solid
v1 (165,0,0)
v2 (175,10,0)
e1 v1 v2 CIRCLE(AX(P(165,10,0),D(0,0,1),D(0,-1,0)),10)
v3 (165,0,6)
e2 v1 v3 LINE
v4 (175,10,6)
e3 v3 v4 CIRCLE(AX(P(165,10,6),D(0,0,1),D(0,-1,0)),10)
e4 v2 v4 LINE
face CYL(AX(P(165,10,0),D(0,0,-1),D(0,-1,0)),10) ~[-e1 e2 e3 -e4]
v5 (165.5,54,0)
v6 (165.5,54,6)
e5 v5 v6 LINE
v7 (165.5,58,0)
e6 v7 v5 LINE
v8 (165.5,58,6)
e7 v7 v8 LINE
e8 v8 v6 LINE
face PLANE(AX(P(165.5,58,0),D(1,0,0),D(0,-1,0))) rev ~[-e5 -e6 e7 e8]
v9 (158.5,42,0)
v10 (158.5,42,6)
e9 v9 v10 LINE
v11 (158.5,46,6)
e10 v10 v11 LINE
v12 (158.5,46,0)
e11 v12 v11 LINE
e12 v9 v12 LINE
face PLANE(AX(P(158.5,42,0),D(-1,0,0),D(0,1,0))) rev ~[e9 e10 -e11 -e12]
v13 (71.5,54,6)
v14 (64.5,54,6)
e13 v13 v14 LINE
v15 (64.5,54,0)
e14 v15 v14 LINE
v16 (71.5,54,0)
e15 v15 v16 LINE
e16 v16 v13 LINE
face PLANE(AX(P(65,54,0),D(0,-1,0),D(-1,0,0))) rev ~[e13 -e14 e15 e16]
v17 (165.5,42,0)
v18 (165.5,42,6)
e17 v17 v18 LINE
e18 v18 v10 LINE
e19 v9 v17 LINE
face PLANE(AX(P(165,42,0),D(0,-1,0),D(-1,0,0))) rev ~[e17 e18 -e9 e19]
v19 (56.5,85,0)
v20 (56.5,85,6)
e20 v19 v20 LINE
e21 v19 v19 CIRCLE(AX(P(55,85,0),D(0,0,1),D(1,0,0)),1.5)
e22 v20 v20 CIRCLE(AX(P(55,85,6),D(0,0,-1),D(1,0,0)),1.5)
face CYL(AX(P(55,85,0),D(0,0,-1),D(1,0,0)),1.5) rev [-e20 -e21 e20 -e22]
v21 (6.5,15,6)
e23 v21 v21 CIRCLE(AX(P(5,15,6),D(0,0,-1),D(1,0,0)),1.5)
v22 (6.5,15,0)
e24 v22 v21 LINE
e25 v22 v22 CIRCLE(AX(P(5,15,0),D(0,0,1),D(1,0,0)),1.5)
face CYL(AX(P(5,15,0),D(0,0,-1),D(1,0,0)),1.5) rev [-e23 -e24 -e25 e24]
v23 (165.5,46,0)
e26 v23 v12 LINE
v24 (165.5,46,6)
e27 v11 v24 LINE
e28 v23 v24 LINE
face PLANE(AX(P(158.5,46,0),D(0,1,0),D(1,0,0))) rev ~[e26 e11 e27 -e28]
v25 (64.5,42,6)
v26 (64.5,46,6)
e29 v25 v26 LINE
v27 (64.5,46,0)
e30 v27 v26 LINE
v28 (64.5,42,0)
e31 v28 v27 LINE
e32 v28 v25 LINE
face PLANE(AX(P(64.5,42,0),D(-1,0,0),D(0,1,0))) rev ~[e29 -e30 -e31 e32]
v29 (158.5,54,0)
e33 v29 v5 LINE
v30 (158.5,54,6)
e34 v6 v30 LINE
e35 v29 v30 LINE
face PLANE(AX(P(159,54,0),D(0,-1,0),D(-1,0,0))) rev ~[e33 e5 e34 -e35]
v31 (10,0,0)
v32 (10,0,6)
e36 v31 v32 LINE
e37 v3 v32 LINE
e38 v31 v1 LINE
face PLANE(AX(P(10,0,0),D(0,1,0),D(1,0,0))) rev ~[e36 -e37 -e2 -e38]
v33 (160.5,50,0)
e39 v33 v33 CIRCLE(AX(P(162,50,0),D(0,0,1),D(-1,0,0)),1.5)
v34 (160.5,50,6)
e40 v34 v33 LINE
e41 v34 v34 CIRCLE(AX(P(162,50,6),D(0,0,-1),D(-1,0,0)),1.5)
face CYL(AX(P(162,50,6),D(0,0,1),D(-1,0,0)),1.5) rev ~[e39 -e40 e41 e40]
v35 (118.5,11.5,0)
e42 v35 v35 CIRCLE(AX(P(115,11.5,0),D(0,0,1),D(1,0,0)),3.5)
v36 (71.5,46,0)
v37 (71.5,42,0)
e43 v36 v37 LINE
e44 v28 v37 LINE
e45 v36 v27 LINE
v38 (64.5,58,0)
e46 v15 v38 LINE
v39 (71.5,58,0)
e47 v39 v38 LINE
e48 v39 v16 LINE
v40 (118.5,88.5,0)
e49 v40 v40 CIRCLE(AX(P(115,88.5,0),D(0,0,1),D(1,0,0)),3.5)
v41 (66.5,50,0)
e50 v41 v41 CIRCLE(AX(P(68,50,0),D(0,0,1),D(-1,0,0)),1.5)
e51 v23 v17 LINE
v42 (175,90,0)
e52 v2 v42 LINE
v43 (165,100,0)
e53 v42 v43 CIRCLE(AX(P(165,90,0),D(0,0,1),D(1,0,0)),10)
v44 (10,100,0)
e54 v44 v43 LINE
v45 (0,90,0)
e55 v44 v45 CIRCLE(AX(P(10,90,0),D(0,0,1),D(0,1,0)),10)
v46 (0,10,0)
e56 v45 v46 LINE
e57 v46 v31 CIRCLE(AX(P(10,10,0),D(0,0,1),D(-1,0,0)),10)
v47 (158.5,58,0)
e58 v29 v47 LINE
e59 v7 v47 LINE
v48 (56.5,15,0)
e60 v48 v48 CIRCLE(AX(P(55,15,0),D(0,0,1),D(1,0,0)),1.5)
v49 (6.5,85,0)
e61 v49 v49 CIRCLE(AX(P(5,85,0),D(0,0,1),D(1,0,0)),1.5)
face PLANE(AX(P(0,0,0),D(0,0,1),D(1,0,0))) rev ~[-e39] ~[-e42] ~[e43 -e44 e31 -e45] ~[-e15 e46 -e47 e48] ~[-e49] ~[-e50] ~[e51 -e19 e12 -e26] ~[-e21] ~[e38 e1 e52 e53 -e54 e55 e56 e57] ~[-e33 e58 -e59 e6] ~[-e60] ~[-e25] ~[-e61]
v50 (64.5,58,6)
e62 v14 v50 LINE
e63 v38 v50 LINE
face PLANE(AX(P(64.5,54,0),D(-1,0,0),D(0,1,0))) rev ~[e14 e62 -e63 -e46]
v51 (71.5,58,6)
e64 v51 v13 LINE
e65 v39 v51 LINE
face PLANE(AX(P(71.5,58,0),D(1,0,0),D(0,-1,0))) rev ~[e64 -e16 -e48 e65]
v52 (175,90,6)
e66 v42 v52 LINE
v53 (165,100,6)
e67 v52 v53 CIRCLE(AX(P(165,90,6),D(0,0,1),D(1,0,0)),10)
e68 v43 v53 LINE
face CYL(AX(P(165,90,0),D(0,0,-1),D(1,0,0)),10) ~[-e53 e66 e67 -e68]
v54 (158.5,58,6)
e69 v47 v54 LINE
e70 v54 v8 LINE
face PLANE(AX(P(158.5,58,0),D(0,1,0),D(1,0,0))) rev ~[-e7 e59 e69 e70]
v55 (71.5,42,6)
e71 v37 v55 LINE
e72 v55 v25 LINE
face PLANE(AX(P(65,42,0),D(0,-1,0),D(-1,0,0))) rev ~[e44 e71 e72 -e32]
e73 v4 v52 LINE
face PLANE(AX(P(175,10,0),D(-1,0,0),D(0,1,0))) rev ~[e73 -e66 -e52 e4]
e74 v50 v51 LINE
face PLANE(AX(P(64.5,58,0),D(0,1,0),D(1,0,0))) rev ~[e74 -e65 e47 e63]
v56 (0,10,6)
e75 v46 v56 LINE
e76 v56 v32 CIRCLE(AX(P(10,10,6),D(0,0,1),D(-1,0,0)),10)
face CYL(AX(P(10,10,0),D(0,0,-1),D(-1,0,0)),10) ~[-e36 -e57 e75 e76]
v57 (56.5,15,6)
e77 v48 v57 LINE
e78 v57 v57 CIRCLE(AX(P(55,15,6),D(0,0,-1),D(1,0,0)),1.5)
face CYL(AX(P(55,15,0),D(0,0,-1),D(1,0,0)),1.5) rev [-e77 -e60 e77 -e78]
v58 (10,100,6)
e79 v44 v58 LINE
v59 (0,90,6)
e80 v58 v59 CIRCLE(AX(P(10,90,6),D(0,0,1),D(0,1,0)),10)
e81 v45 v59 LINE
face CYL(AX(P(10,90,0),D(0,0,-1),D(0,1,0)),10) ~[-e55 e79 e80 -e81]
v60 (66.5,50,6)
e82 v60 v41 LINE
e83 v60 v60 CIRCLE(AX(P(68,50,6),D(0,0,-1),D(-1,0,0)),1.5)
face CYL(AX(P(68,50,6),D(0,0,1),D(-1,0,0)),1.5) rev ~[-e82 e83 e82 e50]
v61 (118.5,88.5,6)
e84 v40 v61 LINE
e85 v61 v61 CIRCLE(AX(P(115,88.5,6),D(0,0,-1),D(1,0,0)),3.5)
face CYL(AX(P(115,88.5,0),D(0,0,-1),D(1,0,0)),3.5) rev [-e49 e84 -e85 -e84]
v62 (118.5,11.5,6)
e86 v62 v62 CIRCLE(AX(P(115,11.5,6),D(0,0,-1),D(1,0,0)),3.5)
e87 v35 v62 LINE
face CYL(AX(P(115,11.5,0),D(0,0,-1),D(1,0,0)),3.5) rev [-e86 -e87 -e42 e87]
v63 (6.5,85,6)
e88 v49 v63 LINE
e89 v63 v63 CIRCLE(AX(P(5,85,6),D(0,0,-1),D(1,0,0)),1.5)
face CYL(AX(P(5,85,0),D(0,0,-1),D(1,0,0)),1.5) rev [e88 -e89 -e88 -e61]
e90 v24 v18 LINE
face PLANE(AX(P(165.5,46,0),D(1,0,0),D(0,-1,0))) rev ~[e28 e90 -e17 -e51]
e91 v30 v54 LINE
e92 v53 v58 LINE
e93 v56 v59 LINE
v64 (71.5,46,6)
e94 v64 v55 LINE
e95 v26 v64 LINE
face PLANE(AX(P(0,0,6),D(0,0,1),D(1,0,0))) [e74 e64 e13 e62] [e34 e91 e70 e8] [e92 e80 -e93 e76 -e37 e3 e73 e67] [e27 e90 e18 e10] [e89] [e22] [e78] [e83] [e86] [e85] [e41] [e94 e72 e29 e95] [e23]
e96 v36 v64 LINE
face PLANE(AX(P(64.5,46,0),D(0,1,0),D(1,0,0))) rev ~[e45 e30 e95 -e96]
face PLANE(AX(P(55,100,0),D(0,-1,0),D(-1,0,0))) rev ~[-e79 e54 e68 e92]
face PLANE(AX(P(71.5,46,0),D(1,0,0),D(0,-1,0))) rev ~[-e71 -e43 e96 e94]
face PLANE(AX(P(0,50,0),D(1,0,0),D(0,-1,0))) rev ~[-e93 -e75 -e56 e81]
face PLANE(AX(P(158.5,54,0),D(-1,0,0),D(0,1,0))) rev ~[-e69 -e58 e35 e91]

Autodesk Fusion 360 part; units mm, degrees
sketch "Sketch1" plane through (0, 0, 0) normal (0, 0, 1) x (1, 0, 0)
  line L0 (10, 0) -> (165, 0)
  line L1 (175, 10) -> (175, 90)
  line L2 (165, 100) -> (10, 100)
  line L3 (0, 90) -> (0, 10)
  line L4 (5, 85) -> (55, 85)
  line L5 (55, 85) -> (55, 15)
  line L6 (55, 15) -> (5, 15)
  line L7 (5, 15) -> (5, 85)
  line L8 (5, 50) -> (0, 50)
  circle A0 centre (5, 85) radius 1.5
  circle A1 centre (55, 85) radius 1.5
  circle A2 centre (5, 15) radius 1.5
  circle A3 centre (55, 15) radius 1.5
  line L9 (55, 100) -> (55, 0)
  line L10 (65, 100) -> (65, 0)
  line L11 (165, 0) -> (165, 100)
  line L12 (65, 57.5) -> (71, 57.5)
  line L13 (71, 57.5) -> (71, 42.5)
  line L14 (71, 42.5) -> (65, 42.5)
  line L15 (65, 42.5) -> (65, 57.5)
  line L16 (65, 57.5) -> (71, 57.5)
  line L17 (71, 57.5) -> (71, 54.5)
  line L18 (71, 54.5) -> (65, 54.5)
  line L19 (65, 54.5) -> (65, 57.5)
  line L20 (71, 42.5) -> (65, 42.5)
  line L21 (65, 42.5) -> (65, 45.5)
  line L22 (65, 45.5) -> (71, 45.5)
  line L23 (71, 45.5) -> (71, 42.5)
  line L24 (65, 100) -> (165, 100)
  line L25 (115, 100) -> (115, 0)
  line L26 (159, 57.5) -> (159, 42.5)
  line L27 (159, 54.5) -> (165, 54.5)
  line L28 (165, 57.5) -> (159, 57.5)
  line L29 (165, 45.5) -> (159, 45.5)
  line L30 (159, 42.5) -> (165, 42.5)
  circle A4 centre (115, 88.5) radius 3.5
  circle A5 centre (115, 11.5) radius 3.5
  line L31 (115, 88.5) -> (115, 11.5)
  arc A6 (10, 100) -> (0, 90) centre (10, 90) ccw
  arc A7 (0, 10) -> (10, 0) centre (10, 10) ccw
  arc A8 (175, 90) -> (165, 100) centre (165, 90) ccw
  arc A9 (165, 0) -> (175, 10) centre (165, 10) ccw
  line L32 (64.5, 58) -> (71.5, 58)
  line L33 (71.5, 58) -> (71.5, 54)
  line L34 (71.5, 54) -> (64.5, 54)
  line L35 (64.5, 54) -> (64.5, 58)
  line L36 (71.5, 42) -> (64.5, 42)
  line L37 (64.5, 42) -> (64.5, 46)
  line L38 (64.5, 46) -> (71.5, 46)
  line L39 (71.5, 46) -> (71.5, 42)
  line L40 (159, 57.5) -> (165, 57.5)
  line L41 (165, 57.5) -> (165, 54.5)
  line L42 (165, 54.5) -> (159, 54.5)
  line L43 (159, 54.5) -> (159, 57.5)
  line L44 (159, 45.5) -> (165, 45.5)
  line L45 (165, 45.5) -> (165, 42.5)
  line L46 (165, 42.5) -> (159, 42.5)
  line L47 (159, 42.5) -> (159, 45.5)
  line L48 (158.5, 46) -> (165.5, 46)
  line L49 (165.5, 46) -> (165.5, 42)
  line L50 (165.5, 42) -> (158.5, 42)
  line L51 (158.5, 42) -> (158.5, 46)
  line L52 (158.5, 58) -> (165.5, 58)
  line L53 (165.5, 58) -> (165.5, 54)
  line L54 (165.5, 54) -> (158.5, 54)
  line L55 (158.5, 54) -> (158.5, 58)
  point P0 (0, 100)
  point P1 (65, 50)
  point P2 (65, 50)
  point P3 (115, 50)
  point P4 (115, 50)
  dimension "d1" = 50
  dimension "d2" = 70
  dimension "d3" = 100
  dimension "d4" = 90
  dimension "d5" = 5
  dimension "d6" = 3
  dimension "d7" = 3
  dimension "d8" = 3
  dimension "d9" = 3
  dimension "d11" = 120
  dimension "d12" = 10
  dimension "d13" = 10
  dimension "d14" = 6
  dimension "d15" = 15
  dimension "d16" = 3
  dimension "d17" = 3
  dimension "d18" = 77
  dimension "d19" = 7
  dimension "d20" = 7
  dimension "d21" = 10
  dimension "d22" = 10
  dimension "d23" = 10
  dimension "d24" = 10
  dimension "d27" = -0.5
  dimension "d28" = -0.5
  dimension "d29" = -0.5
  dimension "d30" = -0.5
extrude "Extrude1" add sketch "Sketch1" along normal blind 6 contours L0 L3 L6 L7 L8 A2 A3 L9 A7 | L0 L2 L5 A1 A3 L9 L10 L15 L32 L34 L35 L36 L37 L38 | L0 L2 L10 L13 L24 L25 A4 A5 L31 L32 L33 L34 L36 L38 L39 | L2 L3 L4 L7 L8 A0 A1 L9 A6 | L0 L2 L11 L24 L25 L26 A4 A5 L31 L48 L50 L51 L52 L54 L55 | L4 L5 L6 L7 A0 A1 A2 A3 L9 | L1 L11 A8 A9 L48 L49 L50 L52 L53 L54 | L10 L13 L15 L34 L38 | L11 L26 L48 L54
sketch "Sketch2" plane through (0, 0, 6) normal (0, 0, 1) x (-1, 0, 0)
  circle A0 centre (-5, -85) radius 1.5
  line L0 (-64.5, -46) -> (-71.5, -46)
  line L1 (-71.5, -46) -> (-71.5, -42)
  line L2 (-71.5, -42) -> (-64.5, -42)
  line L3 (-64.5, -42) -> (-64.5, -46)
  circle A1 centre (-55, -15) radius 1.5
  circle A2 centre (-5, -15) radius 1.5
  circle A3 centre (-115, -88.5) radius 3.5
  circle A4 centre (-55, -85) radius 1.5
  line L4 (-165.5, -54) -> (-158.5, -54)
  line L5 (-158.5, -54) -> (-158.5, -58)
  line L6 (-158.5, -58) -> (-165.5, -58)
  line L7 (-165.5, -58) -> (-165.5, -54)
  circle A5 centre (-115, -11.5) radius 3.5
  line L8 (-165.5, -42) -> (-158.5, -42)
  line L9 (-158.5, -42) -> (-158.5, -46)
  line L10 (-158.5, -46) -> (-165.5, -46)
  line L11 (-165.5, -46) -> (-165.5, -42)
  line L12 (-71.5, -54) -> (-64.5, -54)
  line L13 (-64.5, -54) -> (-64.5, -58)
  line L14 (-64.5, -58) -> (-71.5, -58)
  line L15 (-71.5, -58) -> (-71.5, -54)
  line L16 (-165, -100) -> (-10, -100)
  arc A6 (-10, -100) -> (0, -90) centre (-10, -90) ccw
  line L17 (0, -90) -> (0, -10)
  arc A7 (0, -10) -> (-10, 0) centre (-10, -10) ccw
  line L18 (-10, 0) -> (-165, 0)
  arc A8 (-165, 0) -> (-175, -10) centre (-165, -10) ccw
  line L19 (-175, -10) -> (-175, -90)
  arc A9 (-175, -90) -> (-165, -100) centre (-165, -90) ccw
  line L20 (-68, -54) -> (-68, -46)
  line L21 (-162, -54) -> (-162, -46)
  circle A10 centre (-162, -50) radius 1.5
  circle A11 centre (-68, -50) radius 1.5
  dimension "d31" = 3
  dimension "d32" = 3
extrude "Extrude2" cut sketch "Sketch2" against normal blind 10 contours L20 A11 | L20 A11 | L21 A10 | L21 A10
equation "d18 = ( ( 70 + 84 ) / 2 ) * 1 mm"
